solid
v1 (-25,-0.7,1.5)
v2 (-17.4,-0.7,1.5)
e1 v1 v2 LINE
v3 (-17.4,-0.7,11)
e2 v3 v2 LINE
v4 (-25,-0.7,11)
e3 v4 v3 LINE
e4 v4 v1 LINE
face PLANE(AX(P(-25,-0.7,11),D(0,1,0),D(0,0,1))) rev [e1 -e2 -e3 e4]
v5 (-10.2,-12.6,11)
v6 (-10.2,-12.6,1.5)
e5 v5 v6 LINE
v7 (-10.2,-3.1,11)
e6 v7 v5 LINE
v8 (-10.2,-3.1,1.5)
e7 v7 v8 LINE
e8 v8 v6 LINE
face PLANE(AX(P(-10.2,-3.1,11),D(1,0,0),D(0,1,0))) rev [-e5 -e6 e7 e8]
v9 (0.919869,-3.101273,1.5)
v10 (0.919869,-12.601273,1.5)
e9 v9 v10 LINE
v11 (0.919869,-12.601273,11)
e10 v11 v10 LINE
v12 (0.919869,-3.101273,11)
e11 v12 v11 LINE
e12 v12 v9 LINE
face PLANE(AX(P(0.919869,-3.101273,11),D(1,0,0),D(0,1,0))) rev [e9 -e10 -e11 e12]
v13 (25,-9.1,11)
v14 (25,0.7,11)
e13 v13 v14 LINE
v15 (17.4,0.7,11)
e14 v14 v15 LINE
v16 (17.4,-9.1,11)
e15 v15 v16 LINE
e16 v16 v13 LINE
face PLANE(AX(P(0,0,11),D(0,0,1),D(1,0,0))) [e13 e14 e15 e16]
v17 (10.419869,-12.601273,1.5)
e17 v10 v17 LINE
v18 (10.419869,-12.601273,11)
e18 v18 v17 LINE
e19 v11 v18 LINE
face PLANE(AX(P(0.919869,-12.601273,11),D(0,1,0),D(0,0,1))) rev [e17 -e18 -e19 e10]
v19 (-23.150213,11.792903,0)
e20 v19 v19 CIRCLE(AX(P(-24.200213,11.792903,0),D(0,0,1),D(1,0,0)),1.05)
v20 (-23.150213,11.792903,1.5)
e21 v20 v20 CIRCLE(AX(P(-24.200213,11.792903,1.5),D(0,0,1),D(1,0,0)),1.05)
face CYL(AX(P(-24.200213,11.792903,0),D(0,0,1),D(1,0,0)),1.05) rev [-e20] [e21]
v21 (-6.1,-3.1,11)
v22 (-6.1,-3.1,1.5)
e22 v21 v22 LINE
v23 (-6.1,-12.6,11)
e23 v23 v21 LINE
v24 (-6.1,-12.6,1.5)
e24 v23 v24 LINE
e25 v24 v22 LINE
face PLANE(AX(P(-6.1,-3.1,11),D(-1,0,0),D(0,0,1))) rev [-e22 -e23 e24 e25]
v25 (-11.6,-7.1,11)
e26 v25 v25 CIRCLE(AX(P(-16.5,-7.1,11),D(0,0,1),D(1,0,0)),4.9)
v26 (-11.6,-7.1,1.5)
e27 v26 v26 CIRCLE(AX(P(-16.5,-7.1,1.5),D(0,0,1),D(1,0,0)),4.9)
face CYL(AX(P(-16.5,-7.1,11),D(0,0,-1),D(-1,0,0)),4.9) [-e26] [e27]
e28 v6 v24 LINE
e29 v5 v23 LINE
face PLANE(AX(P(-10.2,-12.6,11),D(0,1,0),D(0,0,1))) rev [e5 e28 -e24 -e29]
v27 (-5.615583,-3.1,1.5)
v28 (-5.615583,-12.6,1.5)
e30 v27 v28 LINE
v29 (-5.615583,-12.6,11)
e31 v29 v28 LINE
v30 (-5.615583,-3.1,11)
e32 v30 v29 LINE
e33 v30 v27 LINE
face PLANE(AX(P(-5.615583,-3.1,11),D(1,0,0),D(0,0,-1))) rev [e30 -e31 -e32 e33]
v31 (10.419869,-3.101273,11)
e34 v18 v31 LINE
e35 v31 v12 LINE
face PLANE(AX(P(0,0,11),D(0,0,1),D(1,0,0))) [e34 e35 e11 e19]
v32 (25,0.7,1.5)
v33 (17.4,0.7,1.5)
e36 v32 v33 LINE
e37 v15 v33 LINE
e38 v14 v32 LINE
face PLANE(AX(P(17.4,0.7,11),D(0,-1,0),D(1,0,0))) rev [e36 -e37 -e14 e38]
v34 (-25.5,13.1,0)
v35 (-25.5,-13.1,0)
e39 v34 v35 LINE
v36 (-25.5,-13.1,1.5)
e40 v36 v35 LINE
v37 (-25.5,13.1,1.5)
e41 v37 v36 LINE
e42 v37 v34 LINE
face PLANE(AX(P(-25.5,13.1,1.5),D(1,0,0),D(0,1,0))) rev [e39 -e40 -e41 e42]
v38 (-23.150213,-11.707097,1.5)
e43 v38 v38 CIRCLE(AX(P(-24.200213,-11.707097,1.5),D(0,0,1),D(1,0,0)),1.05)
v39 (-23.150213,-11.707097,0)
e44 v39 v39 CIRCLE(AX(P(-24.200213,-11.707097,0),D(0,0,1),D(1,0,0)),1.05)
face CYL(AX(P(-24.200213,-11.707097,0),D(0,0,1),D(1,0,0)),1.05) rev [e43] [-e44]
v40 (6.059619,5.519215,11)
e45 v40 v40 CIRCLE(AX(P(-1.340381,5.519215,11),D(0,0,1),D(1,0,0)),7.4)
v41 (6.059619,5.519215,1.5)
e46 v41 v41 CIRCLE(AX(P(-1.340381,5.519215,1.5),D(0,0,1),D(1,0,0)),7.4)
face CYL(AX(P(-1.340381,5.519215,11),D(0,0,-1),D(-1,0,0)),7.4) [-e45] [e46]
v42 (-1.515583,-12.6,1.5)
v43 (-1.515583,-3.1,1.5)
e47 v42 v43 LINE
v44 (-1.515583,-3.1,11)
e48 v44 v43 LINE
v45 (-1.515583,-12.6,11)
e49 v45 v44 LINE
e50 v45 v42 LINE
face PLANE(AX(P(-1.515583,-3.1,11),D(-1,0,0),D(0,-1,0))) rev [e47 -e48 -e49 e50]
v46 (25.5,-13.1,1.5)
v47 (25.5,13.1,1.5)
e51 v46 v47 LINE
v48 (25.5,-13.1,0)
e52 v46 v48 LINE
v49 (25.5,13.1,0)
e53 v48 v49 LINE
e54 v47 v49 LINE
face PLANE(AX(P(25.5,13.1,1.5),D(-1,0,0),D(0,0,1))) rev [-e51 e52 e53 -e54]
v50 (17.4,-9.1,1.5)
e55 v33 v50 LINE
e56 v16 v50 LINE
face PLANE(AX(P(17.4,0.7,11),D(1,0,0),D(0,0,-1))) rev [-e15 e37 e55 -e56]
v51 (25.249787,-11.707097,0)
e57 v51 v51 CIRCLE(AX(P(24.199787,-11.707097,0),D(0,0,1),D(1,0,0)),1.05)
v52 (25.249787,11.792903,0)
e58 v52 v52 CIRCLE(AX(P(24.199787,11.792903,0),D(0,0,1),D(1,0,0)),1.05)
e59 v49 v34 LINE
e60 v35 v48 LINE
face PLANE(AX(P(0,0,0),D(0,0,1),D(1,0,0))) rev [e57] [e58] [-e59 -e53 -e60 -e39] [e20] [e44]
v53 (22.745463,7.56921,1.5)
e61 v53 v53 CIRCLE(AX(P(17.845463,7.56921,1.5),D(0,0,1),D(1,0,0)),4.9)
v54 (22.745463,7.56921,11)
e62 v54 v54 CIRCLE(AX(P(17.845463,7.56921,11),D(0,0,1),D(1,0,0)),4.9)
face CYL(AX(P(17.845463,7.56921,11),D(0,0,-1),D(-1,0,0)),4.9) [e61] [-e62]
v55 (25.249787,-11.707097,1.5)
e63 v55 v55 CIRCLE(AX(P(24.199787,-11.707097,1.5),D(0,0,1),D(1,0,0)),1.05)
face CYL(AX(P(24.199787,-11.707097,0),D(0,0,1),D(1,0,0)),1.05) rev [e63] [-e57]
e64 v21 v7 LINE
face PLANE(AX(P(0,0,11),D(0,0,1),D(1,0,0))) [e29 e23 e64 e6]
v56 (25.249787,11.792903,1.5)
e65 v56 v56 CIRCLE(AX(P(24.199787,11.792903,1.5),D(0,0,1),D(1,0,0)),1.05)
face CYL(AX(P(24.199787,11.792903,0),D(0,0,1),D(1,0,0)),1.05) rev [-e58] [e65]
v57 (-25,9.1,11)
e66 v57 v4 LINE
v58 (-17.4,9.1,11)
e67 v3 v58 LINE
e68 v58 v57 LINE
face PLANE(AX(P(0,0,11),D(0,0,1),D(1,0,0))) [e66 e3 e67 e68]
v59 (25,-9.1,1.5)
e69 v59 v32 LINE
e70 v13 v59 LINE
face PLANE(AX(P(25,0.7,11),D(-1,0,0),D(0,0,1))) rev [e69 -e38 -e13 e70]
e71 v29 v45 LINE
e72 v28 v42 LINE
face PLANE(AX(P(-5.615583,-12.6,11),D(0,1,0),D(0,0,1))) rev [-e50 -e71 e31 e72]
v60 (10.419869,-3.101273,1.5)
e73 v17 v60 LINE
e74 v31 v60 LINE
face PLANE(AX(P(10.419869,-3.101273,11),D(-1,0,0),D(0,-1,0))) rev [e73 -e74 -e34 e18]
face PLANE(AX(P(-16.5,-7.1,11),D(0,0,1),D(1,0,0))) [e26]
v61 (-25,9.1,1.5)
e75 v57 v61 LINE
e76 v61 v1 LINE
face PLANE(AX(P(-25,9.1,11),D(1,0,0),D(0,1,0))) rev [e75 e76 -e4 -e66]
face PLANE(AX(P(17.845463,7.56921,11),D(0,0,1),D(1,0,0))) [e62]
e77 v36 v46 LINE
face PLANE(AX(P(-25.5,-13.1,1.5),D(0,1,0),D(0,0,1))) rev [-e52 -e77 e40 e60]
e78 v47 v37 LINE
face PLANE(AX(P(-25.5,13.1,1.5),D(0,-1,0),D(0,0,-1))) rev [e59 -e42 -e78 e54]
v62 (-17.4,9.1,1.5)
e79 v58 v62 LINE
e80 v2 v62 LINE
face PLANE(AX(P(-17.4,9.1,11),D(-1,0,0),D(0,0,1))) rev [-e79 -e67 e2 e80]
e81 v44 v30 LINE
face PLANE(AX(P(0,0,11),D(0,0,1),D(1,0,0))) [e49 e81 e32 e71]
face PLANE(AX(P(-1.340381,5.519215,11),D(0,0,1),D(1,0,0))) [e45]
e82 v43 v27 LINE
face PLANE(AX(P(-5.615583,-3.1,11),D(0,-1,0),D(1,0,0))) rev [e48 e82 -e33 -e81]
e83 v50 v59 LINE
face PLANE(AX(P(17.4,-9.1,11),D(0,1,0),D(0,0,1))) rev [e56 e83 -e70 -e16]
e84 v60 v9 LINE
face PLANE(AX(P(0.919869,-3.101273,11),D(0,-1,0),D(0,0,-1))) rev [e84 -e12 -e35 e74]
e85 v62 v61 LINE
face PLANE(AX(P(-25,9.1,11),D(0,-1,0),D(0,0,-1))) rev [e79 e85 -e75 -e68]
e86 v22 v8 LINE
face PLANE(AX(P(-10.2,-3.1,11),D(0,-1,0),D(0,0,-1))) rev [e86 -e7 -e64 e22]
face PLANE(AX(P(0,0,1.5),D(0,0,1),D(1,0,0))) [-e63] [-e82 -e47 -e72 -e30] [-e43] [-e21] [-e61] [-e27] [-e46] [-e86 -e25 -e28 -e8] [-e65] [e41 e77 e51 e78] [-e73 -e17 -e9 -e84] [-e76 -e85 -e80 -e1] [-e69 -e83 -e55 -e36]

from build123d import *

# Parameters (mm, degrees)
SKETCH_1_W          = 51
SKETCH_1_H          = 26.2
EXTRUDE_1_DEPTH     = 1.5
SKETCH_2_R          = 4.9
SKETCH_2_R_2        = 7.4
SKETCH_2_W          = 7.6
SKETCH_2_H          = 9.8
SKETCH_2_W_2        = 4.1
SKETCH_2_H_2        = 9.5
SKETCH_2_W_3        = 9.5
EXTRUDE_2_DEPTH     = 9.5
SKETCH_3_R          = 1.05
CUT_EXTRUDE_2_DEPTH = 31.201158918


with BuildPart() as part:
    # Эскиз1 → Бобышка-Вытянуть1 (new body)
    with BuildSketch(Plane.XY):
        Rectangle(SKETCH_1_W, SKETCH_1_H)
    extrude(amount=EXTRUDE_1_DEPTH)

    # Эскиз2 → Бобышка-Вытянуть2 (add)
    with BuildSketch(Plane.XY.offset(1.5)):
        with Locations((17.845463421, 7.569209816)):
            Circle(SKETCH_2_R)
        with Locations((-1.340380905, 5.519215491)):
            Circle(SKETCH_2_R_2)
        with Locations((-16.5, -7.1)):
            Circle(SKETCH_2_R)
        with Locations((-21.2, 4.2)):
            Rectangle(SKETCH_2_W, SKETCH_2_H)
        with Locations((21.2, -4.2)):
            Rectangle(SKETCH_2_W, SKETCH_2_H)
        with Locations((-8.15, -7.85)):
            Rectangle(SKETCH_2_W_2, SKETCH_2_H_2)
        with Locations((-3.565582746, -7.85)):
            Rectangle(SKETCH_2_W_2, SKETCH_2_H_2)
        with Locations((5.669869249, -7.851273466)):
            Rectangle(SKETCH_2_W_3, SKETCH_2_H_2)
    extrude(amount=EXTRUDE_2_DEPTH)

    # Эскиз3 → Вырез-Вытянуть2 (cut, through all)
    with BuildSketch(Plane.XY.offset(1.5)):
        with Locations((-24.200212884, 11.79290343)):
            Circle(SKETCH_3_R)
        with Locations((24.199787116, 11.79290343)):
            Circle(SKETCH_3_R)
        with Locations((24.199787116, -11.70709657)):
            Circle(SKETCH_3_R)
        with Locations((-24.200212884, -11.70709657)):
            Circle(SKETCH_3_R)
    extrude(amount=-CUT_EXTRUDE_2_DEPTH, mode=Mode.SUBTRACT)


solid = part.part
